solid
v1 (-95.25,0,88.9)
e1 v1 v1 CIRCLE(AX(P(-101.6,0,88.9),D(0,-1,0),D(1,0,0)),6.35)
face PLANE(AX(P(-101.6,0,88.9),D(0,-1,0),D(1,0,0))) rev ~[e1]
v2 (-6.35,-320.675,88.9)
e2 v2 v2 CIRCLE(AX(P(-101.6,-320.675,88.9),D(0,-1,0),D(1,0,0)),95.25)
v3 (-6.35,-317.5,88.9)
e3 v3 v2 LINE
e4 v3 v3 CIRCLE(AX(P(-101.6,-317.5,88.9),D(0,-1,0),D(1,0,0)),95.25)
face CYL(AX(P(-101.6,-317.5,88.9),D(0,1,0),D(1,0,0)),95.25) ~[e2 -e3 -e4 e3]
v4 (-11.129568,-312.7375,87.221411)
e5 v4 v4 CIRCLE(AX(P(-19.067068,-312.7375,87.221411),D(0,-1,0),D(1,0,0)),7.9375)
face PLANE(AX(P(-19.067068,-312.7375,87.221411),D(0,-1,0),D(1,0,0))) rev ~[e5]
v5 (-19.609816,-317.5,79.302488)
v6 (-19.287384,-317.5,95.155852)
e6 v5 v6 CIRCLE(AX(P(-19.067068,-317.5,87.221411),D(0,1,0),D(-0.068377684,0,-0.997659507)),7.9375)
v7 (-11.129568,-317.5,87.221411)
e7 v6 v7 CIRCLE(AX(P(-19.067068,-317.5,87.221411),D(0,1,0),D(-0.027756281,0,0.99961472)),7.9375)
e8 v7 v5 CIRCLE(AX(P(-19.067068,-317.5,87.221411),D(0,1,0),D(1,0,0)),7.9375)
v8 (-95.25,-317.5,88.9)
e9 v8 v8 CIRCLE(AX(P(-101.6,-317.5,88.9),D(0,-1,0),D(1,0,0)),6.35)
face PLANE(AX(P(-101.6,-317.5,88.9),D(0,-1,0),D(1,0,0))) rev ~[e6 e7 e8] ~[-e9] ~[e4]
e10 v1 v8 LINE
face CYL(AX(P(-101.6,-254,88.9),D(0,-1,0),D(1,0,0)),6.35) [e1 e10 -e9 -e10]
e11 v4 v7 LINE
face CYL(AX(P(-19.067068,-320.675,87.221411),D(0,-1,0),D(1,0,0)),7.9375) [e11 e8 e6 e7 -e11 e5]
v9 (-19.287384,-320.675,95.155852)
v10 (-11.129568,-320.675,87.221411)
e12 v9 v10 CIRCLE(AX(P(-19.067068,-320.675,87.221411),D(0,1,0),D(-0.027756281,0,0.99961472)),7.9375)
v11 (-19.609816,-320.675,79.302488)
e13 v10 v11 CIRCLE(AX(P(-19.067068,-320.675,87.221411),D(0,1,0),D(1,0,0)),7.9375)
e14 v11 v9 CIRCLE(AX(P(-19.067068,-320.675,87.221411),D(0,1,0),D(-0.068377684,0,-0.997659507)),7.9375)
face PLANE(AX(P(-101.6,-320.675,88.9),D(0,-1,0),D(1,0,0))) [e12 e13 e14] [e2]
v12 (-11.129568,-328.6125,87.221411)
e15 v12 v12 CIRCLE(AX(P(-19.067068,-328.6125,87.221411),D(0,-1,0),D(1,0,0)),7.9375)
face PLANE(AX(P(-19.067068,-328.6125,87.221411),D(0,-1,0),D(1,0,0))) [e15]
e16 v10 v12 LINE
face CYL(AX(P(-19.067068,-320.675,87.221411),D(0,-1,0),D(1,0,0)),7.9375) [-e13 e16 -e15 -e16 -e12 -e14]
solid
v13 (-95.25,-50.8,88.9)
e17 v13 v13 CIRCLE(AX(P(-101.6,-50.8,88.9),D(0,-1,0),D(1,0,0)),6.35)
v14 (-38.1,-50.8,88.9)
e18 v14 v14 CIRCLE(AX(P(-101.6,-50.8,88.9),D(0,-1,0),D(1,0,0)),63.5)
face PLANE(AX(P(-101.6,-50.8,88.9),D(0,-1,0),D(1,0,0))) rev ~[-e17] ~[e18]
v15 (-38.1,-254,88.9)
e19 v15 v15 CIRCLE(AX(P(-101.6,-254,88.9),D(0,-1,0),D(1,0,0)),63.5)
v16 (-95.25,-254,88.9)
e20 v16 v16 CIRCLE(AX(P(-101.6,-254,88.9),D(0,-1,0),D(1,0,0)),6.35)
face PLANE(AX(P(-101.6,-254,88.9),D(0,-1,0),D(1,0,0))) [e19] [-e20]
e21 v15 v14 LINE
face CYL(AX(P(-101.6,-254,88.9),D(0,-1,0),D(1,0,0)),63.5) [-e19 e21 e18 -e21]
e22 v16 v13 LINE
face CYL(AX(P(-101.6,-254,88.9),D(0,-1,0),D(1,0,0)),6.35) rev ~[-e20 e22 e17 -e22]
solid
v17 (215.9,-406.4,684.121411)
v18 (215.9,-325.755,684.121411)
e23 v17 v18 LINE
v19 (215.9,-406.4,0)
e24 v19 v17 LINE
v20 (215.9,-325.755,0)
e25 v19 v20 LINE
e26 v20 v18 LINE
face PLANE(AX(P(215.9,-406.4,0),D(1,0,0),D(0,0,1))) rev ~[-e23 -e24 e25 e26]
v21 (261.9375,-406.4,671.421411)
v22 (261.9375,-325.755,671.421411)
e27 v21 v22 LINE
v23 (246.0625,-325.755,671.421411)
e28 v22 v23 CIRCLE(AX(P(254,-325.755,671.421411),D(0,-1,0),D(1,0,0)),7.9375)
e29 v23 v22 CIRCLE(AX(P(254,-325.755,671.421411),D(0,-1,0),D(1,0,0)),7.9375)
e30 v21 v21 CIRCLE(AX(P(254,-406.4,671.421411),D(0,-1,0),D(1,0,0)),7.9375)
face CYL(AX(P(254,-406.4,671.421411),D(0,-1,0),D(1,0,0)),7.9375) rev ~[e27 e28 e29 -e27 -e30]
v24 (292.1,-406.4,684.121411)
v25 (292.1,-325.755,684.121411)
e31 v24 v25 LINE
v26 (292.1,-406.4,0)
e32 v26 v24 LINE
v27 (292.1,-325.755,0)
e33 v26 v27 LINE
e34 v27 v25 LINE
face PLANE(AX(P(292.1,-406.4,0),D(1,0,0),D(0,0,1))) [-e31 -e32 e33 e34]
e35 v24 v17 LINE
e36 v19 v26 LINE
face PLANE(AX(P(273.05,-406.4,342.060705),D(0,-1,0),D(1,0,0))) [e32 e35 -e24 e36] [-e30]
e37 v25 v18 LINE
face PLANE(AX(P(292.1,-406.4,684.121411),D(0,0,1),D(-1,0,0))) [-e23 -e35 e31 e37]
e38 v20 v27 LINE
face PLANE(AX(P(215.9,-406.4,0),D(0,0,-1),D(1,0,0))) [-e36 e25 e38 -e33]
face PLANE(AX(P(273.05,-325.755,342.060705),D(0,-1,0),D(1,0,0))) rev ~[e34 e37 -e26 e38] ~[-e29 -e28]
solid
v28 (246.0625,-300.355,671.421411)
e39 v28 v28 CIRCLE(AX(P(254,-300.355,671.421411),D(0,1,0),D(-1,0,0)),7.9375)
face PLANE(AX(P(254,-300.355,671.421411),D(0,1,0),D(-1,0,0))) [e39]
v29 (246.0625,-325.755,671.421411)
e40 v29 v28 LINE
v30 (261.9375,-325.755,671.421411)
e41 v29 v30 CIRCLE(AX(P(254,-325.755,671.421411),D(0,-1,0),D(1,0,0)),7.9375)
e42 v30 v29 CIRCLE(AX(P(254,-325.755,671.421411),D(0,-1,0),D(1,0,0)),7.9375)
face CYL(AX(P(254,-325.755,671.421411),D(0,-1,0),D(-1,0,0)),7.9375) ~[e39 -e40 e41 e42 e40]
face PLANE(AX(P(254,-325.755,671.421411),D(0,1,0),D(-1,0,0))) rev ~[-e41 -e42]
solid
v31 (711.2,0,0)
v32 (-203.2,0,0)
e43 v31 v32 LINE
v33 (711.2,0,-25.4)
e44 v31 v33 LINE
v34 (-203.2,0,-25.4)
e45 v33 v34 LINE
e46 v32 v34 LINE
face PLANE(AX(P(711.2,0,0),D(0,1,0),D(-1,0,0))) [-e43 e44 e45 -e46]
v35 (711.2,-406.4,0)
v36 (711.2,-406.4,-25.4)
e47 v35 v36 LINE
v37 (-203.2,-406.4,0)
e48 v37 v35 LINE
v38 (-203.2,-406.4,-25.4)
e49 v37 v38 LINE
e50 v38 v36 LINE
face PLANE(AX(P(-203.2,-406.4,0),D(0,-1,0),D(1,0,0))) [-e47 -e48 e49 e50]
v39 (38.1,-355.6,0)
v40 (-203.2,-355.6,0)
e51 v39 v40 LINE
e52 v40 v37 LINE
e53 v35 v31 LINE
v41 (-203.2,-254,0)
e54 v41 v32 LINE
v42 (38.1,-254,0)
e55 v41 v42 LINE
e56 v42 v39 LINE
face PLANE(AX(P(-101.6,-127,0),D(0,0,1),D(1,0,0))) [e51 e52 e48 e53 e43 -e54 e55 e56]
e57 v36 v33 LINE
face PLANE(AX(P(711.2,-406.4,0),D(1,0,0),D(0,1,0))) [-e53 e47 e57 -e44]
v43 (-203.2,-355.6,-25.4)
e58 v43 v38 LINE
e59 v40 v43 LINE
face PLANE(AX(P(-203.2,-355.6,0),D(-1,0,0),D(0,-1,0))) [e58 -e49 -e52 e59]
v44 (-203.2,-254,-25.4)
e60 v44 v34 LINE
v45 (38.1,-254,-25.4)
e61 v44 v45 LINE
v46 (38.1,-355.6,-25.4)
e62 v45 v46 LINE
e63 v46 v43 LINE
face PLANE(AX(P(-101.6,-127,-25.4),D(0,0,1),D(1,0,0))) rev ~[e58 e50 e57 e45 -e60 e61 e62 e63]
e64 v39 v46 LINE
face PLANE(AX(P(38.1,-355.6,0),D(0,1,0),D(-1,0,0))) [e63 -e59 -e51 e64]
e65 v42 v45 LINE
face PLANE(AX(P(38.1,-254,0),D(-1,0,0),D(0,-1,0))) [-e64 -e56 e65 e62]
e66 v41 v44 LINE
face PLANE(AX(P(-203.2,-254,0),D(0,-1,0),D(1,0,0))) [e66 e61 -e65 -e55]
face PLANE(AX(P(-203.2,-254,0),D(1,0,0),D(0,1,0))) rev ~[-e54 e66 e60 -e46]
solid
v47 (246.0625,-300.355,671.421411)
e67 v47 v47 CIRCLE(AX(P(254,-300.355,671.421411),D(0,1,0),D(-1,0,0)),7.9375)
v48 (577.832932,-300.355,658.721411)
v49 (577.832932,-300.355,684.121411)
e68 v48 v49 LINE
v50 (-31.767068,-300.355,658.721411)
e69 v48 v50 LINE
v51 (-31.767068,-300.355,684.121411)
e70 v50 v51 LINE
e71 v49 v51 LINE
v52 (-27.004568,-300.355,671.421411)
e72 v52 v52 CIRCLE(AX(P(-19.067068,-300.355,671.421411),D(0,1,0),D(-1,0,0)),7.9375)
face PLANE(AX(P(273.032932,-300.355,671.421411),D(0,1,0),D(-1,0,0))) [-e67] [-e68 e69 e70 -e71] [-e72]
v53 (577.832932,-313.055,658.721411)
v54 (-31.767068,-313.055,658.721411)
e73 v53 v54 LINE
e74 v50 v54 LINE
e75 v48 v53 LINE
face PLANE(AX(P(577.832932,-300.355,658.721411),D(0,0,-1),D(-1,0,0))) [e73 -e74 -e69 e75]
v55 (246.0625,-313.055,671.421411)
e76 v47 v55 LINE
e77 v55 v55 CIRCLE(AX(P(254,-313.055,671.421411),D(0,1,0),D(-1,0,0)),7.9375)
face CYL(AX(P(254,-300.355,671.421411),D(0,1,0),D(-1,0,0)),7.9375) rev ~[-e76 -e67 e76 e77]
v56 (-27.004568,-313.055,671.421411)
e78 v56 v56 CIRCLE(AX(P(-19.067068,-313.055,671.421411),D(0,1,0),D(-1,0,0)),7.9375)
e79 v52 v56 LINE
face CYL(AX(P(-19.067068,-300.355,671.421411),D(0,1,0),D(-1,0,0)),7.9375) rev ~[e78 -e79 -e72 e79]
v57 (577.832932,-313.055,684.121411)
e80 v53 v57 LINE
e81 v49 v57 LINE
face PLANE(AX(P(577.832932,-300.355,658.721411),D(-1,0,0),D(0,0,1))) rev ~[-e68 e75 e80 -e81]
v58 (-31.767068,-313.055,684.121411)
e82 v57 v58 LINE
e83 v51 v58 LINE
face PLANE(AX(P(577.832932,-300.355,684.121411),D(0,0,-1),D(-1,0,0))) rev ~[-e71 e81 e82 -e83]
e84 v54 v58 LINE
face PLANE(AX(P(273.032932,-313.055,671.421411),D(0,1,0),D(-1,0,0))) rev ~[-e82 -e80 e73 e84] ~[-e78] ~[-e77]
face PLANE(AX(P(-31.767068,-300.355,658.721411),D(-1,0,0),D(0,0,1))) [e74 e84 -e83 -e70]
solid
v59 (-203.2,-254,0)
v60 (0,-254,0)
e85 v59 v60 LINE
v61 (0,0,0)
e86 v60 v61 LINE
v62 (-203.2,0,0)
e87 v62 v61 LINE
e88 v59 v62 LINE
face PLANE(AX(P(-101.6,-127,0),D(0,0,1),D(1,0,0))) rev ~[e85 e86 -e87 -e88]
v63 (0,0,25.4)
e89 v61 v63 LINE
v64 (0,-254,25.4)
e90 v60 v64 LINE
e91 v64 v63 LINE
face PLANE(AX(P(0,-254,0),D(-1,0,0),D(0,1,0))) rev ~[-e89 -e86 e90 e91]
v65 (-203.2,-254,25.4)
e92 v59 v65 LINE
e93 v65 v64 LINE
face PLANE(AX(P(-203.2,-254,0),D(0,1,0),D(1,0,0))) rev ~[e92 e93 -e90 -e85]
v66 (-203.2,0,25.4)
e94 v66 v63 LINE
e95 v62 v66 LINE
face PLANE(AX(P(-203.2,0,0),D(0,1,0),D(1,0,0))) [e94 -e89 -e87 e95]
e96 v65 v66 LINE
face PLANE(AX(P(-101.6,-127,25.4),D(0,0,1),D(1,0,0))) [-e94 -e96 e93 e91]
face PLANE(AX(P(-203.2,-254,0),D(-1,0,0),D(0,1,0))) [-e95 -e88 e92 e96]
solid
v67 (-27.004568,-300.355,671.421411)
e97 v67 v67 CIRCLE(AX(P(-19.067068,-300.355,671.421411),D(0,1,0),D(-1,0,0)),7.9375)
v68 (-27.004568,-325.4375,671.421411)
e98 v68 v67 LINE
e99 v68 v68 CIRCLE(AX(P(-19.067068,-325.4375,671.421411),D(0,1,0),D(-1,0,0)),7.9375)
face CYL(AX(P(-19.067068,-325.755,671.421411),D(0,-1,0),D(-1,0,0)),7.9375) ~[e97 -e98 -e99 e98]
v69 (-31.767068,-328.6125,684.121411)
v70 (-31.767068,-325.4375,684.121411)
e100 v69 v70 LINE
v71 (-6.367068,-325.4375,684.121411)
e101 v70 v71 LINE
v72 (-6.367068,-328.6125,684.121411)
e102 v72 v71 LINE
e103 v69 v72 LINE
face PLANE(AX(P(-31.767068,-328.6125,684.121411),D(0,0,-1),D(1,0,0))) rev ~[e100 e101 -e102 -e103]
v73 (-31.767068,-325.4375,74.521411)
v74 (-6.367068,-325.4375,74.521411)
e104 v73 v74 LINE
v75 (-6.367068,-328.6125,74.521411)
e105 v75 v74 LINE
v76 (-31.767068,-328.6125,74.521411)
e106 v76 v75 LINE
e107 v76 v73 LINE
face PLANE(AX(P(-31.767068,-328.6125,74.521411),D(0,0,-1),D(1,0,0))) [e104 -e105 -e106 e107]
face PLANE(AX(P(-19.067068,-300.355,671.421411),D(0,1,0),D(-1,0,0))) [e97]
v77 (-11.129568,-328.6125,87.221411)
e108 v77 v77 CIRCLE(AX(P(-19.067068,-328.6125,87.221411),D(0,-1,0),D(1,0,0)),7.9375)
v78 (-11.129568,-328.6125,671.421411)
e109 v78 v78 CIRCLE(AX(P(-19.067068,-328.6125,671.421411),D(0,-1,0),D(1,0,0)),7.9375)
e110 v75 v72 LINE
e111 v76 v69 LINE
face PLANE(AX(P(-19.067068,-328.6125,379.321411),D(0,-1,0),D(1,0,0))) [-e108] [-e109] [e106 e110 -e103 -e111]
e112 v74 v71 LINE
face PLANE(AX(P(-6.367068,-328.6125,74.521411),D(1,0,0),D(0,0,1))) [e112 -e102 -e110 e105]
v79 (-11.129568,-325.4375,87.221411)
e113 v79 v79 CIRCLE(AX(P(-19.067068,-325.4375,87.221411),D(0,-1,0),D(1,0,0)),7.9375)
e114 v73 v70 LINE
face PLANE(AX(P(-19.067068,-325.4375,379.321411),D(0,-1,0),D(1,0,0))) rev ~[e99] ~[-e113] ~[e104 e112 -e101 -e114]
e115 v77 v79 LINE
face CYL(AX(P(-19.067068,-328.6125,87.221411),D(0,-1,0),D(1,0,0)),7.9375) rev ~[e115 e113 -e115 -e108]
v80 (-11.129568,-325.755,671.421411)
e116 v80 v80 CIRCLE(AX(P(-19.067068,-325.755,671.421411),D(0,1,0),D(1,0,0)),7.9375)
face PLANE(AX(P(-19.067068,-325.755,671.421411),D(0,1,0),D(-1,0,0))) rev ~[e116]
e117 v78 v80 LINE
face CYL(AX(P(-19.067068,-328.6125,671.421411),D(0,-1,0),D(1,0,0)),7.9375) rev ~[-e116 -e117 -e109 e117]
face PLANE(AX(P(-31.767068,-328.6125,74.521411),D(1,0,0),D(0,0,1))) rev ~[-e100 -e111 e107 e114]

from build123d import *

# Parameters (mm, degrees)
F0_W          = 203.2
F0_H          = 254
F1_DEPTH      = 25.4
F2_R          = 63.5
F2_R_2        = 6.35
F3_DEPTH      = 203.2
F4_DEPTH      = 63.5
F4_DEPTH_BACK = 254
F5_R          = 95.25
F5_R_2        = 6.35
F6_DEPTH      = 3.175
F7_R          = 7.9375
F8_DEPTH      = 7.9375
F9_W          = 25.4
F9_H          = 609.6
F9_R          = 7.9375
F10_DEPTH     = 3.175
F11_W         = 203.2
F11_H         = 254
F12_DEPTH     = 25.4
F13_W         = 38.1
F13_H         = 684.1214105025
F14_DEPTH     = 80.645
F15_R         = 7.9375
F16_DEPTH     = 80.645
F17_R         = 7.9375
F18_DEPTH     = 25.4
F19_W         = 609.6
F19_H         = 25.4
F19_R         = 7.9375
F20_DEPTH     = 12.7


with BuildPart() as f1:
    # F0 (on Top) → F1 (new body)
    with BuildSketch(Plane.XY):
        with Locations((-101.6, -127)):
            Rectangle(F0_W, F0_H)
    extrude(amount=F1_DEPTH)


with BuildPart() as f3:
    # F2 (on face) → F3 (new body)
    with BuildSketch(Plane.XZ.offset(254)):
        with Locations((-101.6, 88.9)):
            Circle(F2_R)
        with Locations((-101.6, 88.9)):
            Circle(F2_R_2, mode=Mode.SUBTRACT)
    extrude(amount=-F3_DEPTH)


with BuildPart() as f4:
    # F2 (on face) → F4 (new body, two sides)
    with BuildSketch(Plane.XZ.offset(254)) as f4_sk:
        with Locations((-101.6, 88.9)):
            Circle(F2_R_2)
    extrude(amount=F4_DEPTH)
    extrude(f4_sk.sketch, amount=-F4_DEPTH_BACK)

    # F5 (on face) → F6 (join)
    with BuildSketch(Plane.XZ.offset(317.5)):
        with Locations((-101.6, 88.9)):
            Circle(F5_R)
        with BuildLine():
            ThreePointArc((-19.6098160353, 79.3024881643), (-184.1329318351, 90.5785894975), (-19.2873836435, 95.1558523443))
            ThreePointArc((-19.2873836435, 95.1558523443), (-13.5328495146, 92.9114307293), (-11.1295681649, 87.2214105025))
            ThreePointArc((-11.1295681649, 87.2214105025), (-13.6496958762, 81.4200327579), (-19.6098160353, 79.3024881643))
        make_face(mode=Mode.SUBTRACT)
        with BuildLine():
            ThreePointArc((-19.6098160353, 79.3024881643), (-27.0029269952, 87.3828133388), (-19.2873836435, 95.1558523443))
            ThreePointArc((-19.2873836435, 95.1558523443), (-184.1329318351, 90.5785894975), (-19.6098160353, 79.3024881643))
        make_face()
        with Locations((-101.6, 88.9)):
            Circle(F5_R_2, mode=Mode.SUBTRACT)
        with Locations((-101.6, 88.9)):
            Circle(F5_R_2)
    extrude(amount=F6_DEPTH)

    # F7 (on face) → F8 (join, symmetric)
    with BuildSketch(Plane.XZ.offset(320.675)):
        with Locations((-19.0670681649, 87.2214105025)):
            Circle(F7_R)
    extrude(amount=F8_DEPTH, both=True)


with BuildPart() as f10:
    # F9 (on face) → F10 (new body)
    with BuildSketch(Plane.XZ.offset(328.6125)):
        with Locations((-19.0670681649, 379.3214105025)):
            Rectangle(F9_W, F9_H)
        with Locations((-19.0670681649, 87.2214105025)):
            Circle(F9_R, mode=Mode.SUBTRACT)
        with Locations((-19.0670681649, 671.4214105025)):
            Circle(F9_R, mode=Mode.SUBTRACT)
    extrude(amount=-F10_DEPTH)

    # F17 (on face) → F18, piece 2 (join)
    with BuildSketch(Plane(origin=(0, -325.755, 0), x_dir=(-1, 0, 0), z_dir=(0, 1, 0))):
        with Locations((19.0670681649, 671.4214105025)):
            Circle(F17_R)
    extrude(amount=F18_DEPTH)


with BuildPart() as f12:
    # F11 (on face) → F12 (new body)
    with BuildSketch(Plane.XY):
        with Locations((-101.6, -127)):
            Rectangle(F11_W, F11_H)
        Polygon((0, 0), (0, -254), (38.1, -254), (38.1, -355.6), (-203.2, -355.6), (-203.2, -406.4), (711.2, -406.4), (711.2, 0), align=None)
    extrude(amount=-F12_DEPTH)


with BuildPart() as f14:
    # F13 (on face) → F14 (new body)
    with BuildSketch(Plane.XZ.offset(406.4)):
        with Locations((273.05, 342.0607052513)):
            Rectangle(F13_W, F13_H)
        with Locations((234.95, 342.0607052513)):
            Rectangle(F13_W, F13_H)
    extrude(amount=-F14_DEPTH)

    # F15 (on face) → F16 (cut, through all)
    with BuildSketch(Plane.XZ.offset(406.4)):
        with Locations((254, 671.4214105025)):
            Circle(F15_R)
    extrude(amount=-F16_DEPTH, mode=Mode.SUBTRACT)

    # F17 (on face) → F18 (join)
    with BuildSketch(Plane(origin=(0, -325.755, 0), x_dir=(-1, 0, 0), z_dir=(0, 1, 0))):
        with Locations((-254, 671.4214105025)):
            Circle(F17_R)
    extrude(amount=F18_DEPTH)


with BuildPart() as f20:
    # F19 (on face) → F20 (new body)
    with BuildSketch(Plane(origin=(0, -300.355, 0), x_dir=(-1, 0, 0), z_dir=(0, 1, 0))):
        with Locations((-273.0329318351, 671.4214105025)):
            Rectangle(F19_W, F19_H)
        with Locations((-254, 671.4214105025)):
            Circle(F19_R, mode=Mode.SUBTRACT)
        with Locations((19.0670681649, 671.4214105025)):
            Circle(F19_R, mode=Mode.SUBTRACT)
    extrude(amount=-F20_DEPTH)


solid = Compound([f1.part, f3.part, f4.part, f10.part, f12.part, f14.part, f20.part])
